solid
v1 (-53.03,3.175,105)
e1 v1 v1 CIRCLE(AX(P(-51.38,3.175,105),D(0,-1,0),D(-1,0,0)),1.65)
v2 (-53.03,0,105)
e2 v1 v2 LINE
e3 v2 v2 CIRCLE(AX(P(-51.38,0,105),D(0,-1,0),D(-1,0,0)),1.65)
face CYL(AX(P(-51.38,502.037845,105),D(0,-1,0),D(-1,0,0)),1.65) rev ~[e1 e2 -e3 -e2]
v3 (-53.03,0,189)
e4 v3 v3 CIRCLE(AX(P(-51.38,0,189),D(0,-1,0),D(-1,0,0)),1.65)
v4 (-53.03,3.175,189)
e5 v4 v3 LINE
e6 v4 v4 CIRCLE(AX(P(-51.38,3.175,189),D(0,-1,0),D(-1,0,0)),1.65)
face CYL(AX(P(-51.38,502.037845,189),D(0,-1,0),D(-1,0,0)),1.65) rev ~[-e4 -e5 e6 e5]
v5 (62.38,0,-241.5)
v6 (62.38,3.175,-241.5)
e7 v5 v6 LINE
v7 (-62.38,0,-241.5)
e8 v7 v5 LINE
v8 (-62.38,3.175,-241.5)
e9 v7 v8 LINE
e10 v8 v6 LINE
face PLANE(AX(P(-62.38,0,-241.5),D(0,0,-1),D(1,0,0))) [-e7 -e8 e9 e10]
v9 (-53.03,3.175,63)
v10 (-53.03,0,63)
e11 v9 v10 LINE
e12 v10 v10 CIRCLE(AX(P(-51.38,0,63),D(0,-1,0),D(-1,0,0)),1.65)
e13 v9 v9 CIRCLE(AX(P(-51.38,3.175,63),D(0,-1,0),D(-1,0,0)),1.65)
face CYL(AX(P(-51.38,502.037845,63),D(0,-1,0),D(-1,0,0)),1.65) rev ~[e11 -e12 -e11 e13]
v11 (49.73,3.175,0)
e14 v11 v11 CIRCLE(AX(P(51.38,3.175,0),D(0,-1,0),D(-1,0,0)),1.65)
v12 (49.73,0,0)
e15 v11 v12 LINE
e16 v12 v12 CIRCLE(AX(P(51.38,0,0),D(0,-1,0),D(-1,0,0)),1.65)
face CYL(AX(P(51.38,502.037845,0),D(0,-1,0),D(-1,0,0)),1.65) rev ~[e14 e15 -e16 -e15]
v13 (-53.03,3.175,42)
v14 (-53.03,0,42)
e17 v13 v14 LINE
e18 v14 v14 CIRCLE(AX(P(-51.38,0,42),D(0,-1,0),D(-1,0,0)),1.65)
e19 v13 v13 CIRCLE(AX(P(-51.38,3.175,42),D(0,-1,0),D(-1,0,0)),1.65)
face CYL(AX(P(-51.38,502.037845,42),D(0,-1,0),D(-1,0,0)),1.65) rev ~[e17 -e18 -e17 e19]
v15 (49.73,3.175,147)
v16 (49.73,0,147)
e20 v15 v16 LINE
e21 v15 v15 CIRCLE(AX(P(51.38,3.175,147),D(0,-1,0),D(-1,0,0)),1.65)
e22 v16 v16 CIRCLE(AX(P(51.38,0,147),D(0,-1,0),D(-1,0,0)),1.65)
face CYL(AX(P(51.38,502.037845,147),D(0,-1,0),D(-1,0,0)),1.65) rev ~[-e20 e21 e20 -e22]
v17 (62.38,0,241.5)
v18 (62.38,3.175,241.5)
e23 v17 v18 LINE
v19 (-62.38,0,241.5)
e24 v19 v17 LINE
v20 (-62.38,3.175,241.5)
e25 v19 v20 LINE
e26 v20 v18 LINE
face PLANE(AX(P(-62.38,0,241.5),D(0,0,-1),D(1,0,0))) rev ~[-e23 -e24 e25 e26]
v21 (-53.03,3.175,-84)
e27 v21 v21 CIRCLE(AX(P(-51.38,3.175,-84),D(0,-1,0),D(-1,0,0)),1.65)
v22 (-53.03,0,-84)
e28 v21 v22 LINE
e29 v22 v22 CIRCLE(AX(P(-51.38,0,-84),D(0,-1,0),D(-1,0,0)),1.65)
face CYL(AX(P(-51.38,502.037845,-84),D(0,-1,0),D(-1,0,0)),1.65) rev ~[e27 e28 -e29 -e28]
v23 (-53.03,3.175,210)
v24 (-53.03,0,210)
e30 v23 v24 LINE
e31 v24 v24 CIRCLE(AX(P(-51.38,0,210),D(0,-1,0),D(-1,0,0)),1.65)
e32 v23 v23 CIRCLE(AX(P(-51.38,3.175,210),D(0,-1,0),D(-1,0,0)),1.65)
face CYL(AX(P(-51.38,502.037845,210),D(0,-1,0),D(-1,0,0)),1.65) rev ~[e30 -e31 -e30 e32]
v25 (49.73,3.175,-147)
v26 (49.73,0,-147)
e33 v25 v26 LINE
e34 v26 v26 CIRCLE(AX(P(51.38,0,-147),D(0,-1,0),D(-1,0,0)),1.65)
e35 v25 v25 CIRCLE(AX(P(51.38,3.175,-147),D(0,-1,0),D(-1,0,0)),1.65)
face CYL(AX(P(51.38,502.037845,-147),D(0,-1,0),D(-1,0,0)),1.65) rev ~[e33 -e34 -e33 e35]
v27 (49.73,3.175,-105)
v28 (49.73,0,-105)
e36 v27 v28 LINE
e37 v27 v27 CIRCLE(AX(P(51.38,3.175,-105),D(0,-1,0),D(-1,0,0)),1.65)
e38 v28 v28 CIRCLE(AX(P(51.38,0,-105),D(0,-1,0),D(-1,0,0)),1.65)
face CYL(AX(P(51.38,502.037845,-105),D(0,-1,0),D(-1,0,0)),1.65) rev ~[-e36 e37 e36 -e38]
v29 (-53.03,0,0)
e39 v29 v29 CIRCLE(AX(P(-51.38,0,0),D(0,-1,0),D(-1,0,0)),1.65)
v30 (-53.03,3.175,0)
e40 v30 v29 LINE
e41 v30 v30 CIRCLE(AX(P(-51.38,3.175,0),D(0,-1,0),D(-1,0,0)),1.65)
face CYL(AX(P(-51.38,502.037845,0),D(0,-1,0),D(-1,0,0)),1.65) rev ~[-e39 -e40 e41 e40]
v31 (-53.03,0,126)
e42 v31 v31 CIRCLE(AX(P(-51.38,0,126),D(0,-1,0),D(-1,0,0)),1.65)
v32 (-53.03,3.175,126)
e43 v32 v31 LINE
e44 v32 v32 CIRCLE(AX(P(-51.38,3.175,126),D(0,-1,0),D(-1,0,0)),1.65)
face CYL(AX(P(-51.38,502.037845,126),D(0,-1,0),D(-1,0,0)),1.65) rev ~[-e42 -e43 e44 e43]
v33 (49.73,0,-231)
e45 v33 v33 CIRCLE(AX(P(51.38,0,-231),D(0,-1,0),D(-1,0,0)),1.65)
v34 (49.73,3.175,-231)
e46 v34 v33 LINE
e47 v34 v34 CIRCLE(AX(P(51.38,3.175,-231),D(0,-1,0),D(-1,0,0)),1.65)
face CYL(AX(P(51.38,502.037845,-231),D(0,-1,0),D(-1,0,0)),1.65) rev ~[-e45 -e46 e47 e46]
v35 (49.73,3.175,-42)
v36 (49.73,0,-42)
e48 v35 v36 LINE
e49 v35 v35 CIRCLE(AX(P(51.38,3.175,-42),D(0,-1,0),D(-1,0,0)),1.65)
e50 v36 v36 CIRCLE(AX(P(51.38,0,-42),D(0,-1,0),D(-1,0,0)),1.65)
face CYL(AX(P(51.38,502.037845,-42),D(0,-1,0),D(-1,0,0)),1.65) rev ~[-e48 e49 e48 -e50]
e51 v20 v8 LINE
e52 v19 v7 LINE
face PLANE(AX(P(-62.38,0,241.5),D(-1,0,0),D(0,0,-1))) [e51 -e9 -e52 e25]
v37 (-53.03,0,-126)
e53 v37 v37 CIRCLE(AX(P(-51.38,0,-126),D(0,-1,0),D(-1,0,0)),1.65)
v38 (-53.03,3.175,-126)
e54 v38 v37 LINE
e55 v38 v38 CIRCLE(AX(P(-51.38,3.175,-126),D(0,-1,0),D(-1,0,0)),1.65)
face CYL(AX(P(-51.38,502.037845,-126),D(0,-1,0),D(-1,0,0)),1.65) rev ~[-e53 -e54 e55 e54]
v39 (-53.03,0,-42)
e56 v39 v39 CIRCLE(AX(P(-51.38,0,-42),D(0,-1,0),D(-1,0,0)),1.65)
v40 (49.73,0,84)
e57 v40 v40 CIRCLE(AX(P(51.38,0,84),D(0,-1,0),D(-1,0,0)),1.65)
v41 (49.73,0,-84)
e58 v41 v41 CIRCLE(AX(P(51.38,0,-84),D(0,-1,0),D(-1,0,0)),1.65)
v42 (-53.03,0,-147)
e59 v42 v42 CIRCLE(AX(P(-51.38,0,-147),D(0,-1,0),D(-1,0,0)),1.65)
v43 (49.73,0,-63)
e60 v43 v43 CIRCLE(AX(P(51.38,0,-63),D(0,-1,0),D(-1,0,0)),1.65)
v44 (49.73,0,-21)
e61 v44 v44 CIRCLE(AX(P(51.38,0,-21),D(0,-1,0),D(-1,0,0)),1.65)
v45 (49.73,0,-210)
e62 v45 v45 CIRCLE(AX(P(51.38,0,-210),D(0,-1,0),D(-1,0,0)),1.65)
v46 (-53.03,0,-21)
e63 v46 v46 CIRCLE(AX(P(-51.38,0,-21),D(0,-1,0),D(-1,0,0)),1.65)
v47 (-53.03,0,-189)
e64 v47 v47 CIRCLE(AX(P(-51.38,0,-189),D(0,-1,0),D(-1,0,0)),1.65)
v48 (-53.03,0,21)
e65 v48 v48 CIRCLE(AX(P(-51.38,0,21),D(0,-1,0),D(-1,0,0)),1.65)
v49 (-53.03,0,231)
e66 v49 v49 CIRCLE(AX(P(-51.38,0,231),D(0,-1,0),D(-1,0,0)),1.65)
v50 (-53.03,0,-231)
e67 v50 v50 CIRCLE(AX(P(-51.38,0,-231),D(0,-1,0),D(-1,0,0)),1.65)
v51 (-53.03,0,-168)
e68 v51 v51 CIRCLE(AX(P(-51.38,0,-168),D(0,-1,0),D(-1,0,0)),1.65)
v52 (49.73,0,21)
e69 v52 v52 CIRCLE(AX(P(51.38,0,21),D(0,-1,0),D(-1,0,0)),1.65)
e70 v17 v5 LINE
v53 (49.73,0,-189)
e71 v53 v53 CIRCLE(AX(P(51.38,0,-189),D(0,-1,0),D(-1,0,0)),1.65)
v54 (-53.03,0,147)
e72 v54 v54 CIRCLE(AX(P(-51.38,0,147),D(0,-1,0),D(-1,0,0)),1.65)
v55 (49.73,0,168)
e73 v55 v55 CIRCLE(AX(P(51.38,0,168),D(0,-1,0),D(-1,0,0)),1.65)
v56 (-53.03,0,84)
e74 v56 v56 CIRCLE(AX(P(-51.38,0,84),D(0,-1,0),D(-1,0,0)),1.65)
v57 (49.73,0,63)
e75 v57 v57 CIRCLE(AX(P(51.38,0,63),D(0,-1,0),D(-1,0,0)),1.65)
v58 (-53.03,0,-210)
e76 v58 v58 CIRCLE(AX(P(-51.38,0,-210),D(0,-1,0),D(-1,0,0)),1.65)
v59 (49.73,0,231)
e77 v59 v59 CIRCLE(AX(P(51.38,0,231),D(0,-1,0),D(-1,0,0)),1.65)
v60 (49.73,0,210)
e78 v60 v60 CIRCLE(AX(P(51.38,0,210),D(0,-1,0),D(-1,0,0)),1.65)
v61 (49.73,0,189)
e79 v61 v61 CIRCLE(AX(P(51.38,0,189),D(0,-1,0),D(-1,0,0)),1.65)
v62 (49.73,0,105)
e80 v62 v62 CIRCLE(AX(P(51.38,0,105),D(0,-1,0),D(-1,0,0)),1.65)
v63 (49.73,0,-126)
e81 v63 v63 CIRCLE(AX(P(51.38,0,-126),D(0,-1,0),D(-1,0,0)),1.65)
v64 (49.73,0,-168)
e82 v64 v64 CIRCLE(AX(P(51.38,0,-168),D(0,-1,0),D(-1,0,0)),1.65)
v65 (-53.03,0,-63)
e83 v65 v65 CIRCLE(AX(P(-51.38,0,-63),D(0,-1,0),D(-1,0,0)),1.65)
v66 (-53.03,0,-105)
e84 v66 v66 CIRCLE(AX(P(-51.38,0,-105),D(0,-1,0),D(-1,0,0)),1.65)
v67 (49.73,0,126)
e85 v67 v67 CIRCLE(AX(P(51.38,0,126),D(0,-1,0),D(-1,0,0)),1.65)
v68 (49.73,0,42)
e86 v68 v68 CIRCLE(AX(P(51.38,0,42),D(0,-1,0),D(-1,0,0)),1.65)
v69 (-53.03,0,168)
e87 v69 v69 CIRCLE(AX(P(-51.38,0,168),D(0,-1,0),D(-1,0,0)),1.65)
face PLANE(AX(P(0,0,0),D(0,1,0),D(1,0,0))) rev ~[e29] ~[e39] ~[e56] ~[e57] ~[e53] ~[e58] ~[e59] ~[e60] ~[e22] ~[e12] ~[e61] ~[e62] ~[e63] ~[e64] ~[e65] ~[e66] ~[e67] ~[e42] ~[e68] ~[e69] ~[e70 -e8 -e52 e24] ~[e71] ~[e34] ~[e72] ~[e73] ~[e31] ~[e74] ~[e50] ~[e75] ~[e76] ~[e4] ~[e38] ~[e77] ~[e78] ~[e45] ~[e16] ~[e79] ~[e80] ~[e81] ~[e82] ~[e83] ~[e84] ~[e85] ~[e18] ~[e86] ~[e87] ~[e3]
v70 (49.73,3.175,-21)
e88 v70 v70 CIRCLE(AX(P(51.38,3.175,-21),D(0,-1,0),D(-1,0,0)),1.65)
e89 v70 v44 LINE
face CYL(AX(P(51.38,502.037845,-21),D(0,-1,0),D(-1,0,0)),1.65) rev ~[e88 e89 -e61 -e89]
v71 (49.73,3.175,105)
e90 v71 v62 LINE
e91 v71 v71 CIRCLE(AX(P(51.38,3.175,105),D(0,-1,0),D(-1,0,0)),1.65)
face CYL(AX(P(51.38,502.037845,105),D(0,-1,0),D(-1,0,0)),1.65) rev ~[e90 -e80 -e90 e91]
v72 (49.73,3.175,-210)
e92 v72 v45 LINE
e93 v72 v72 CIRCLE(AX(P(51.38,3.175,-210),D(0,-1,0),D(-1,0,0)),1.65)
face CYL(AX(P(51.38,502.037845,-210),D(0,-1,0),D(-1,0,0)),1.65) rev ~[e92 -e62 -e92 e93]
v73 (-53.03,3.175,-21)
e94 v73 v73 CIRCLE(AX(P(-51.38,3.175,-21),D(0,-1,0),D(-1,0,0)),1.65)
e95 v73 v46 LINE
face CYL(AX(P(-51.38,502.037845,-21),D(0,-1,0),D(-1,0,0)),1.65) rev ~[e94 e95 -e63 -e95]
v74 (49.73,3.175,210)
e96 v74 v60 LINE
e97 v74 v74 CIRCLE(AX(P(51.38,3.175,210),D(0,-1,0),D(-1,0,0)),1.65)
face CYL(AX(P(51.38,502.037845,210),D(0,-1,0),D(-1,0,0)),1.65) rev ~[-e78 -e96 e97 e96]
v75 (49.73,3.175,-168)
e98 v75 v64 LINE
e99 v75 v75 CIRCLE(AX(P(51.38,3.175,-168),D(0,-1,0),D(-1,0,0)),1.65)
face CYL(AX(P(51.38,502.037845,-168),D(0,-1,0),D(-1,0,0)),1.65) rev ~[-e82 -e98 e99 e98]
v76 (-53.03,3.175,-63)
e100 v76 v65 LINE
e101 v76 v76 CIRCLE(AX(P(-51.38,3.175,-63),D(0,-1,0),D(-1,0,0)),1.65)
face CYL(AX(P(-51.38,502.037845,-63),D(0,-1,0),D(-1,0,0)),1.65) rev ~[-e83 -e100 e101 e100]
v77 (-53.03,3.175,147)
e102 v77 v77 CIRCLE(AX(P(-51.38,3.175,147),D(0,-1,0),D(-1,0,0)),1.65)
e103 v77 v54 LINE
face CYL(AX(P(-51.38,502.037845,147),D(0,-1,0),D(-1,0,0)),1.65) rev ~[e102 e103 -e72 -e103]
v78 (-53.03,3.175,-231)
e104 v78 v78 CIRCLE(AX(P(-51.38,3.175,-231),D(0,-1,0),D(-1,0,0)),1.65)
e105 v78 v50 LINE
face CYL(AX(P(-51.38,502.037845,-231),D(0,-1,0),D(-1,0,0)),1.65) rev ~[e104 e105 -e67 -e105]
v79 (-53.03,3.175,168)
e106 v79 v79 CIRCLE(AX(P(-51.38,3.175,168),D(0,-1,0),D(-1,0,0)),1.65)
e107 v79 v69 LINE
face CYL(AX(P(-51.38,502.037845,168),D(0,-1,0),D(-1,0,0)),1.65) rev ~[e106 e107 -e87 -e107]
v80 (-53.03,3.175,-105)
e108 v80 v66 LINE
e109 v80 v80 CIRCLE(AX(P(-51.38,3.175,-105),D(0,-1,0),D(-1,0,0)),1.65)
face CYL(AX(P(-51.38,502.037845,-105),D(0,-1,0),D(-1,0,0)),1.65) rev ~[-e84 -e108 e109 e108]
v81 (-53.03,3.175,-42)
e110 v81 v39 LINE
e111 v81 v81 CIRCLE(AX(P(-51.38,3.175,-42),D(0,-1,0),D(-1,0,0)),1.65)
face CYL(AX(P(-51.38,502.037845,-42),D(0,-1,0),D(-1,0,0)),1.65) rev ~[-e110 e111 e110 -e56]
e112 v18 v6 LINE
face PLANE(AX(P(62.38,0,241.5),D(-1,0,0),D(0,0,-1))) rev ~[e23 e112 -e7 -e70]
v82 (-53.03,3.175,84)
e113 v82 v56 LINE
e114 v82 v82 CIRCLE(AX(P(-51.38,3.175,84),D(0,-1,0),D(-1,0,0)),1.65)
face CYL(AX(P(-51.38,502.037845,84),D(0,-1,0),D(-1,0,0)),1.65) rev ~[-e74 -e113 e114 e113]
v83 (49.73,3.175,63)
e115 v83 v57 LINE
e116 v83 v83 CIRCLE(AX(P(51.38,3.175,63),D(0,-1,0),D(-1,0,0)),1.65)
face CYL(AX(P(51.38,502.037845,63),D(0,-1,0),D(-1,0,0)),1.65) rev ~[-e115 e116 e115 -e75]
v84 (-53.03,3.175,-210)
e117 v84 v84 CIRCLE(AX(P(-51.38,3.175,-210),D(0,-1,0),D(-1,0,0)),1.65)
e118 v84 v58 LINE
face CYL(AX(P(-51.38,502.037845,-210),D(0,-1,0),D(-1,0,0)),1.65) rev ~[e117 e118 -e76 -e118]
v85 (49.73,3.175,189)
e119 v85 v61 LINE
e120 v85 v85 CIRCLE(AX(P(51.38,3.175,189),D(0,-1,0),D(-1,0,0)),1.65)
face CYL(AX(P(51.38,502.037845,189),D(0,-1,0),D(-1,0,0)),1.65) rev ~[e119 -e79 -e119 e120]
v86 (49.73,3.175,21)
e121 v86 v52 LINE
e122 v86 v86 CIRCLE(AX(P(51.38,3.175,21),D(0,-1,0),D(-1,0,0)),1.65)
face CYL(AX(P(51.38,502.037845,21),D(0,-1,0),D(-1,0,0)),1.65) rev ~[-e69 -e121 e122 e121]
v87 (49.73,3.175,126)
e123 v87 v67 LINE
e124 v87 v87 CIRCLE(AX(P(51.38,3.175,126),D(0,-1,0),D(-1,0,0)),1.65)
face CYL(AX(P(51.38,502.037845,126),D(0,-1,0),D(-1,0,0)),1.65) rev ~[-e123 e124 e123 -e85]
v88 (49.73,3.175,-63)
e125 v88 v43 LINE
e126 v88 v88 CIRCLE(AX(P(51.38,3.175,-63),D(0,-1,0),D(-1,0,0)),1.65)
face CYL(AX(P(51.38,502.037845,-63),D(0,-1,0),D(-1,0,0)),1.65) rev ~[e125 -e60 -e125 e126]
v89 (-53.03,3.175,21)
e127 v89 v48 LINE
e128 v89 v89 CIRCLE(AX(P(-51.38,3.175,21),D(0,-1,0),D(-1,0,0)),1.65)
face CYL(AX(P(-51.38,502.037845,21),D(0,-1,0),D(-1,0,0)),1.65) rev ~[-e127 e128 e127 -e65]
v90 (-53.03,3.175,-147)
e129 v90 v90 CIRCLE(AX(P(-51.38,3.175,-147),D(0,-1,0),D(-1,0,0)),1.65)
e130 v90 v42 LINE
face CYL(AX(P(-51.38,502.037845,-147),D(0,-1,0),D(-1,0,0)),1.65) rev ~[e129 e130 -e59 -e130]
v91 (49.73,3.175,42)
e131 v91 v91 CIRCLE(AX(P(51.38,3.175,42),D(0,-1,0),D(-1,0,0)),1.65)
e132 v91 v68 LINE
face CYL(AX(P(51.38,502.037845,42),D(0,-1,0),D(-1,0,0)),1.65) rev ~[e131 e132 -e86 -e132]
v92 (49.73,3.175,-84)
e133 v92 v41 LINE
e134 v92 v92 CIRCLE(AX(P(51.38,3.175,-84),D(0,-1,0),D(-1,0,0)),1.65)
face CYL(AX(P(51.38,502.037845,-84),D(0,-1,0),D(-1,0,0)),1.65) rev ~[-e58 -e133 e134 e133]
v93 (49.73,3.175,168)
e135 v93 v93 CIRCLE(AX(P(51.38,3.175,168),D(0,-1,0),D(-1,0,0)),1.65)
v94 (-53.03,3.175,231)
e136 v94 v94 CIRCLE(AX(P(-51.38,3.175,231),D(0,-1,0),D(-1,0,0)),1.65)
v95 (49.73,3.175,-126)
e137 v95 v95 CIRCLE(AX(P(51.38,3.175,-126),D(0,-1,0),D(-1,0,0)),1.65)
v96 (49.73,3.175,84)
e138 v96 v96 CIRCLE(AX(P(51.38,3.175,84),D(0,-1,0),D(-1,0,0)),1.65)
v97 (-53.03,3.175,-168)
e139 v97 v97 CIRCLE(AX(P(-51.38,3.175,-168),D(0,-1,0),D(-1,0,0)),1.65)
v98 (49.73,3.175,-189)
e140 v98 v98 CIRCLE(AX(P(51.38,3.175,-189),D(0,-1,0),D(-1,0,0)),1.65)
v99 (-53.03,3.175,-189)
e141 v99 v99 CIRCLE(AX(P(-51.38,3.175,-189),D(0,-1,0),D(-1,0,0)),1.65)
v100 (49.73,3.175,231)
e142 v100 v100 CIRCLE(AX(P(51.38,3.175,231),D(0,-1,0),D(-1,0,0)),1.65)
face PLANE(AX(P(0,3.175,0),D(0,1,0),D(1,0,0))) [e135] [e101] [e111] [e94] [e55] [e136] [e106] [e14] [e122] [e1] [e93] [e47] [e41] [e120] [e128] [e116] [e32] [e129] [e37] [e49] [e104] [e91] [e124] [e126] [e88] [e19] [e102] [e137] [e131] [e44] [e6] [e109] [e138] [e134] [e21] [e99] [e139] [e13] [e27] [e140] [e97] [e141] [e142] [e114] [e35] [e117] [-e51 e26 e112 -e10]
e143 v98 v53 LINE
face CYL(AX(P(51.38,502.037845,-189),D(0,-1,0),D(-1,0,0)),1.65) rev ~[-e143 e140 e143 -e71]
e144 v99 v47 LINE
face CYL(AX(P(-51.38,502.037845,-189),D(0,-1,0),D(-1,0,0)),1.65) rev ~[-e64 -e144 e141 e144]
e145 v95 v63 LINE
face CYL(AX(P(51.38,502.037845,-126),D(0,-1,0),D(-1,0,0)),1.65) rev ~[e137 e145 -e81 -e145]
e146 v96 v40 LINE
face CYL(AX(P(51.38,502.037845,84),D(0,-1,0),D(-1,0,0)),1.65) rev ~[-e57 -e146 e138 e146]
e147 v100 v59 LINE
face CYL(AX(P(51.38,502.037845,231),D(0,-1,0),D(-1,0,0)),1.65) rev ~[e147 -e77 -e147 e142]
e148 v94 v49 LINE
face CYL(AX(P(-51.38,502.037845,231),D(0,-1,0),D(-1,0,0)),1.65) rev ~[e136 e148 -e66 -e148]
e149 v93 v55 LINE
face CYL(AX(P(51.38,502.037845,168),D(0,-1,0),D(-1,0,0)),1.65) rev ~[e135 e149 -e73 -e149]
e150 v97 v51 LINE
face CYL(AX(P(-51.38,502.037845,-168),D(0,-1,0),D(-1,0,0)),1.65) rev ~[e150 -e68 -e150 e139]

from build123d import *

# Parameters (mm, degrees)
SKETCH1_W                   = 124.76
SKETCH1_H                   = 483
BOSS_EXTRUDE1_DEPTH         = 3.175
TAP_DRILL_FOR_M4X0_7_TAP1_D = 3.3


with BuildPart() as part:
    # Sketch1 → Boss-Extrude1 (new body)
    with BuildSketch(Plane(origin=(0, 0, 0), x_dir=(1, 0, 0), z_dir=(0, 1, 0))):
        Rectangle(SKETCH1_W, SKETCH1_H)
    extrude(amount=BOSS_EXTRUDE1_DEPTH)

    # Tap Drill for M4x0.7 Tap1 (through all)
    with Locations(Plane(origin=(0, 3.175, 0), x_dir=(1, 0, 0), z_dir=(0, 1, 0))):
        with Locations((-51.38, -231), (-51.38, -210), (-51.38, -189), (-51.38, -168), (-51.38, -147), (-51.38, -126), (-51.38, -105), (-51.38, -84), (-51.38, -63), (-51.38, -42), (-51.38, -21), (-51.38, 0), (-51.38, 21), (-51.38, 42), (-51.38, 63), (-51.38, 84), (-51.38, 105), (-51.38, 126), (-51.38, 147), (-51.38, 168), (-51.38, 189), (-51.38, 210), (-51.38, 231), (51.38, -210), (51.38, -189), (51.38, -168), (51.38, -147), (51.38, -126), (51.38, -105), (51.38, -84), (51.38, -63), (51.38, -42), (51.38, -21), (51.38, 0), (51.38, 21), (51.38, 42), (51.38, 63), (51.38, 84), (51.38, 105), (51.38, 126), (51.38, 147), (51.38, 168), (51.38, 189), (51.38, 210), (51.38, 231), (51.38, -231)):
            Hole(TAP_DRILL_FOR_M4X0_7_TAP1_D / 2)


solid = part.part
